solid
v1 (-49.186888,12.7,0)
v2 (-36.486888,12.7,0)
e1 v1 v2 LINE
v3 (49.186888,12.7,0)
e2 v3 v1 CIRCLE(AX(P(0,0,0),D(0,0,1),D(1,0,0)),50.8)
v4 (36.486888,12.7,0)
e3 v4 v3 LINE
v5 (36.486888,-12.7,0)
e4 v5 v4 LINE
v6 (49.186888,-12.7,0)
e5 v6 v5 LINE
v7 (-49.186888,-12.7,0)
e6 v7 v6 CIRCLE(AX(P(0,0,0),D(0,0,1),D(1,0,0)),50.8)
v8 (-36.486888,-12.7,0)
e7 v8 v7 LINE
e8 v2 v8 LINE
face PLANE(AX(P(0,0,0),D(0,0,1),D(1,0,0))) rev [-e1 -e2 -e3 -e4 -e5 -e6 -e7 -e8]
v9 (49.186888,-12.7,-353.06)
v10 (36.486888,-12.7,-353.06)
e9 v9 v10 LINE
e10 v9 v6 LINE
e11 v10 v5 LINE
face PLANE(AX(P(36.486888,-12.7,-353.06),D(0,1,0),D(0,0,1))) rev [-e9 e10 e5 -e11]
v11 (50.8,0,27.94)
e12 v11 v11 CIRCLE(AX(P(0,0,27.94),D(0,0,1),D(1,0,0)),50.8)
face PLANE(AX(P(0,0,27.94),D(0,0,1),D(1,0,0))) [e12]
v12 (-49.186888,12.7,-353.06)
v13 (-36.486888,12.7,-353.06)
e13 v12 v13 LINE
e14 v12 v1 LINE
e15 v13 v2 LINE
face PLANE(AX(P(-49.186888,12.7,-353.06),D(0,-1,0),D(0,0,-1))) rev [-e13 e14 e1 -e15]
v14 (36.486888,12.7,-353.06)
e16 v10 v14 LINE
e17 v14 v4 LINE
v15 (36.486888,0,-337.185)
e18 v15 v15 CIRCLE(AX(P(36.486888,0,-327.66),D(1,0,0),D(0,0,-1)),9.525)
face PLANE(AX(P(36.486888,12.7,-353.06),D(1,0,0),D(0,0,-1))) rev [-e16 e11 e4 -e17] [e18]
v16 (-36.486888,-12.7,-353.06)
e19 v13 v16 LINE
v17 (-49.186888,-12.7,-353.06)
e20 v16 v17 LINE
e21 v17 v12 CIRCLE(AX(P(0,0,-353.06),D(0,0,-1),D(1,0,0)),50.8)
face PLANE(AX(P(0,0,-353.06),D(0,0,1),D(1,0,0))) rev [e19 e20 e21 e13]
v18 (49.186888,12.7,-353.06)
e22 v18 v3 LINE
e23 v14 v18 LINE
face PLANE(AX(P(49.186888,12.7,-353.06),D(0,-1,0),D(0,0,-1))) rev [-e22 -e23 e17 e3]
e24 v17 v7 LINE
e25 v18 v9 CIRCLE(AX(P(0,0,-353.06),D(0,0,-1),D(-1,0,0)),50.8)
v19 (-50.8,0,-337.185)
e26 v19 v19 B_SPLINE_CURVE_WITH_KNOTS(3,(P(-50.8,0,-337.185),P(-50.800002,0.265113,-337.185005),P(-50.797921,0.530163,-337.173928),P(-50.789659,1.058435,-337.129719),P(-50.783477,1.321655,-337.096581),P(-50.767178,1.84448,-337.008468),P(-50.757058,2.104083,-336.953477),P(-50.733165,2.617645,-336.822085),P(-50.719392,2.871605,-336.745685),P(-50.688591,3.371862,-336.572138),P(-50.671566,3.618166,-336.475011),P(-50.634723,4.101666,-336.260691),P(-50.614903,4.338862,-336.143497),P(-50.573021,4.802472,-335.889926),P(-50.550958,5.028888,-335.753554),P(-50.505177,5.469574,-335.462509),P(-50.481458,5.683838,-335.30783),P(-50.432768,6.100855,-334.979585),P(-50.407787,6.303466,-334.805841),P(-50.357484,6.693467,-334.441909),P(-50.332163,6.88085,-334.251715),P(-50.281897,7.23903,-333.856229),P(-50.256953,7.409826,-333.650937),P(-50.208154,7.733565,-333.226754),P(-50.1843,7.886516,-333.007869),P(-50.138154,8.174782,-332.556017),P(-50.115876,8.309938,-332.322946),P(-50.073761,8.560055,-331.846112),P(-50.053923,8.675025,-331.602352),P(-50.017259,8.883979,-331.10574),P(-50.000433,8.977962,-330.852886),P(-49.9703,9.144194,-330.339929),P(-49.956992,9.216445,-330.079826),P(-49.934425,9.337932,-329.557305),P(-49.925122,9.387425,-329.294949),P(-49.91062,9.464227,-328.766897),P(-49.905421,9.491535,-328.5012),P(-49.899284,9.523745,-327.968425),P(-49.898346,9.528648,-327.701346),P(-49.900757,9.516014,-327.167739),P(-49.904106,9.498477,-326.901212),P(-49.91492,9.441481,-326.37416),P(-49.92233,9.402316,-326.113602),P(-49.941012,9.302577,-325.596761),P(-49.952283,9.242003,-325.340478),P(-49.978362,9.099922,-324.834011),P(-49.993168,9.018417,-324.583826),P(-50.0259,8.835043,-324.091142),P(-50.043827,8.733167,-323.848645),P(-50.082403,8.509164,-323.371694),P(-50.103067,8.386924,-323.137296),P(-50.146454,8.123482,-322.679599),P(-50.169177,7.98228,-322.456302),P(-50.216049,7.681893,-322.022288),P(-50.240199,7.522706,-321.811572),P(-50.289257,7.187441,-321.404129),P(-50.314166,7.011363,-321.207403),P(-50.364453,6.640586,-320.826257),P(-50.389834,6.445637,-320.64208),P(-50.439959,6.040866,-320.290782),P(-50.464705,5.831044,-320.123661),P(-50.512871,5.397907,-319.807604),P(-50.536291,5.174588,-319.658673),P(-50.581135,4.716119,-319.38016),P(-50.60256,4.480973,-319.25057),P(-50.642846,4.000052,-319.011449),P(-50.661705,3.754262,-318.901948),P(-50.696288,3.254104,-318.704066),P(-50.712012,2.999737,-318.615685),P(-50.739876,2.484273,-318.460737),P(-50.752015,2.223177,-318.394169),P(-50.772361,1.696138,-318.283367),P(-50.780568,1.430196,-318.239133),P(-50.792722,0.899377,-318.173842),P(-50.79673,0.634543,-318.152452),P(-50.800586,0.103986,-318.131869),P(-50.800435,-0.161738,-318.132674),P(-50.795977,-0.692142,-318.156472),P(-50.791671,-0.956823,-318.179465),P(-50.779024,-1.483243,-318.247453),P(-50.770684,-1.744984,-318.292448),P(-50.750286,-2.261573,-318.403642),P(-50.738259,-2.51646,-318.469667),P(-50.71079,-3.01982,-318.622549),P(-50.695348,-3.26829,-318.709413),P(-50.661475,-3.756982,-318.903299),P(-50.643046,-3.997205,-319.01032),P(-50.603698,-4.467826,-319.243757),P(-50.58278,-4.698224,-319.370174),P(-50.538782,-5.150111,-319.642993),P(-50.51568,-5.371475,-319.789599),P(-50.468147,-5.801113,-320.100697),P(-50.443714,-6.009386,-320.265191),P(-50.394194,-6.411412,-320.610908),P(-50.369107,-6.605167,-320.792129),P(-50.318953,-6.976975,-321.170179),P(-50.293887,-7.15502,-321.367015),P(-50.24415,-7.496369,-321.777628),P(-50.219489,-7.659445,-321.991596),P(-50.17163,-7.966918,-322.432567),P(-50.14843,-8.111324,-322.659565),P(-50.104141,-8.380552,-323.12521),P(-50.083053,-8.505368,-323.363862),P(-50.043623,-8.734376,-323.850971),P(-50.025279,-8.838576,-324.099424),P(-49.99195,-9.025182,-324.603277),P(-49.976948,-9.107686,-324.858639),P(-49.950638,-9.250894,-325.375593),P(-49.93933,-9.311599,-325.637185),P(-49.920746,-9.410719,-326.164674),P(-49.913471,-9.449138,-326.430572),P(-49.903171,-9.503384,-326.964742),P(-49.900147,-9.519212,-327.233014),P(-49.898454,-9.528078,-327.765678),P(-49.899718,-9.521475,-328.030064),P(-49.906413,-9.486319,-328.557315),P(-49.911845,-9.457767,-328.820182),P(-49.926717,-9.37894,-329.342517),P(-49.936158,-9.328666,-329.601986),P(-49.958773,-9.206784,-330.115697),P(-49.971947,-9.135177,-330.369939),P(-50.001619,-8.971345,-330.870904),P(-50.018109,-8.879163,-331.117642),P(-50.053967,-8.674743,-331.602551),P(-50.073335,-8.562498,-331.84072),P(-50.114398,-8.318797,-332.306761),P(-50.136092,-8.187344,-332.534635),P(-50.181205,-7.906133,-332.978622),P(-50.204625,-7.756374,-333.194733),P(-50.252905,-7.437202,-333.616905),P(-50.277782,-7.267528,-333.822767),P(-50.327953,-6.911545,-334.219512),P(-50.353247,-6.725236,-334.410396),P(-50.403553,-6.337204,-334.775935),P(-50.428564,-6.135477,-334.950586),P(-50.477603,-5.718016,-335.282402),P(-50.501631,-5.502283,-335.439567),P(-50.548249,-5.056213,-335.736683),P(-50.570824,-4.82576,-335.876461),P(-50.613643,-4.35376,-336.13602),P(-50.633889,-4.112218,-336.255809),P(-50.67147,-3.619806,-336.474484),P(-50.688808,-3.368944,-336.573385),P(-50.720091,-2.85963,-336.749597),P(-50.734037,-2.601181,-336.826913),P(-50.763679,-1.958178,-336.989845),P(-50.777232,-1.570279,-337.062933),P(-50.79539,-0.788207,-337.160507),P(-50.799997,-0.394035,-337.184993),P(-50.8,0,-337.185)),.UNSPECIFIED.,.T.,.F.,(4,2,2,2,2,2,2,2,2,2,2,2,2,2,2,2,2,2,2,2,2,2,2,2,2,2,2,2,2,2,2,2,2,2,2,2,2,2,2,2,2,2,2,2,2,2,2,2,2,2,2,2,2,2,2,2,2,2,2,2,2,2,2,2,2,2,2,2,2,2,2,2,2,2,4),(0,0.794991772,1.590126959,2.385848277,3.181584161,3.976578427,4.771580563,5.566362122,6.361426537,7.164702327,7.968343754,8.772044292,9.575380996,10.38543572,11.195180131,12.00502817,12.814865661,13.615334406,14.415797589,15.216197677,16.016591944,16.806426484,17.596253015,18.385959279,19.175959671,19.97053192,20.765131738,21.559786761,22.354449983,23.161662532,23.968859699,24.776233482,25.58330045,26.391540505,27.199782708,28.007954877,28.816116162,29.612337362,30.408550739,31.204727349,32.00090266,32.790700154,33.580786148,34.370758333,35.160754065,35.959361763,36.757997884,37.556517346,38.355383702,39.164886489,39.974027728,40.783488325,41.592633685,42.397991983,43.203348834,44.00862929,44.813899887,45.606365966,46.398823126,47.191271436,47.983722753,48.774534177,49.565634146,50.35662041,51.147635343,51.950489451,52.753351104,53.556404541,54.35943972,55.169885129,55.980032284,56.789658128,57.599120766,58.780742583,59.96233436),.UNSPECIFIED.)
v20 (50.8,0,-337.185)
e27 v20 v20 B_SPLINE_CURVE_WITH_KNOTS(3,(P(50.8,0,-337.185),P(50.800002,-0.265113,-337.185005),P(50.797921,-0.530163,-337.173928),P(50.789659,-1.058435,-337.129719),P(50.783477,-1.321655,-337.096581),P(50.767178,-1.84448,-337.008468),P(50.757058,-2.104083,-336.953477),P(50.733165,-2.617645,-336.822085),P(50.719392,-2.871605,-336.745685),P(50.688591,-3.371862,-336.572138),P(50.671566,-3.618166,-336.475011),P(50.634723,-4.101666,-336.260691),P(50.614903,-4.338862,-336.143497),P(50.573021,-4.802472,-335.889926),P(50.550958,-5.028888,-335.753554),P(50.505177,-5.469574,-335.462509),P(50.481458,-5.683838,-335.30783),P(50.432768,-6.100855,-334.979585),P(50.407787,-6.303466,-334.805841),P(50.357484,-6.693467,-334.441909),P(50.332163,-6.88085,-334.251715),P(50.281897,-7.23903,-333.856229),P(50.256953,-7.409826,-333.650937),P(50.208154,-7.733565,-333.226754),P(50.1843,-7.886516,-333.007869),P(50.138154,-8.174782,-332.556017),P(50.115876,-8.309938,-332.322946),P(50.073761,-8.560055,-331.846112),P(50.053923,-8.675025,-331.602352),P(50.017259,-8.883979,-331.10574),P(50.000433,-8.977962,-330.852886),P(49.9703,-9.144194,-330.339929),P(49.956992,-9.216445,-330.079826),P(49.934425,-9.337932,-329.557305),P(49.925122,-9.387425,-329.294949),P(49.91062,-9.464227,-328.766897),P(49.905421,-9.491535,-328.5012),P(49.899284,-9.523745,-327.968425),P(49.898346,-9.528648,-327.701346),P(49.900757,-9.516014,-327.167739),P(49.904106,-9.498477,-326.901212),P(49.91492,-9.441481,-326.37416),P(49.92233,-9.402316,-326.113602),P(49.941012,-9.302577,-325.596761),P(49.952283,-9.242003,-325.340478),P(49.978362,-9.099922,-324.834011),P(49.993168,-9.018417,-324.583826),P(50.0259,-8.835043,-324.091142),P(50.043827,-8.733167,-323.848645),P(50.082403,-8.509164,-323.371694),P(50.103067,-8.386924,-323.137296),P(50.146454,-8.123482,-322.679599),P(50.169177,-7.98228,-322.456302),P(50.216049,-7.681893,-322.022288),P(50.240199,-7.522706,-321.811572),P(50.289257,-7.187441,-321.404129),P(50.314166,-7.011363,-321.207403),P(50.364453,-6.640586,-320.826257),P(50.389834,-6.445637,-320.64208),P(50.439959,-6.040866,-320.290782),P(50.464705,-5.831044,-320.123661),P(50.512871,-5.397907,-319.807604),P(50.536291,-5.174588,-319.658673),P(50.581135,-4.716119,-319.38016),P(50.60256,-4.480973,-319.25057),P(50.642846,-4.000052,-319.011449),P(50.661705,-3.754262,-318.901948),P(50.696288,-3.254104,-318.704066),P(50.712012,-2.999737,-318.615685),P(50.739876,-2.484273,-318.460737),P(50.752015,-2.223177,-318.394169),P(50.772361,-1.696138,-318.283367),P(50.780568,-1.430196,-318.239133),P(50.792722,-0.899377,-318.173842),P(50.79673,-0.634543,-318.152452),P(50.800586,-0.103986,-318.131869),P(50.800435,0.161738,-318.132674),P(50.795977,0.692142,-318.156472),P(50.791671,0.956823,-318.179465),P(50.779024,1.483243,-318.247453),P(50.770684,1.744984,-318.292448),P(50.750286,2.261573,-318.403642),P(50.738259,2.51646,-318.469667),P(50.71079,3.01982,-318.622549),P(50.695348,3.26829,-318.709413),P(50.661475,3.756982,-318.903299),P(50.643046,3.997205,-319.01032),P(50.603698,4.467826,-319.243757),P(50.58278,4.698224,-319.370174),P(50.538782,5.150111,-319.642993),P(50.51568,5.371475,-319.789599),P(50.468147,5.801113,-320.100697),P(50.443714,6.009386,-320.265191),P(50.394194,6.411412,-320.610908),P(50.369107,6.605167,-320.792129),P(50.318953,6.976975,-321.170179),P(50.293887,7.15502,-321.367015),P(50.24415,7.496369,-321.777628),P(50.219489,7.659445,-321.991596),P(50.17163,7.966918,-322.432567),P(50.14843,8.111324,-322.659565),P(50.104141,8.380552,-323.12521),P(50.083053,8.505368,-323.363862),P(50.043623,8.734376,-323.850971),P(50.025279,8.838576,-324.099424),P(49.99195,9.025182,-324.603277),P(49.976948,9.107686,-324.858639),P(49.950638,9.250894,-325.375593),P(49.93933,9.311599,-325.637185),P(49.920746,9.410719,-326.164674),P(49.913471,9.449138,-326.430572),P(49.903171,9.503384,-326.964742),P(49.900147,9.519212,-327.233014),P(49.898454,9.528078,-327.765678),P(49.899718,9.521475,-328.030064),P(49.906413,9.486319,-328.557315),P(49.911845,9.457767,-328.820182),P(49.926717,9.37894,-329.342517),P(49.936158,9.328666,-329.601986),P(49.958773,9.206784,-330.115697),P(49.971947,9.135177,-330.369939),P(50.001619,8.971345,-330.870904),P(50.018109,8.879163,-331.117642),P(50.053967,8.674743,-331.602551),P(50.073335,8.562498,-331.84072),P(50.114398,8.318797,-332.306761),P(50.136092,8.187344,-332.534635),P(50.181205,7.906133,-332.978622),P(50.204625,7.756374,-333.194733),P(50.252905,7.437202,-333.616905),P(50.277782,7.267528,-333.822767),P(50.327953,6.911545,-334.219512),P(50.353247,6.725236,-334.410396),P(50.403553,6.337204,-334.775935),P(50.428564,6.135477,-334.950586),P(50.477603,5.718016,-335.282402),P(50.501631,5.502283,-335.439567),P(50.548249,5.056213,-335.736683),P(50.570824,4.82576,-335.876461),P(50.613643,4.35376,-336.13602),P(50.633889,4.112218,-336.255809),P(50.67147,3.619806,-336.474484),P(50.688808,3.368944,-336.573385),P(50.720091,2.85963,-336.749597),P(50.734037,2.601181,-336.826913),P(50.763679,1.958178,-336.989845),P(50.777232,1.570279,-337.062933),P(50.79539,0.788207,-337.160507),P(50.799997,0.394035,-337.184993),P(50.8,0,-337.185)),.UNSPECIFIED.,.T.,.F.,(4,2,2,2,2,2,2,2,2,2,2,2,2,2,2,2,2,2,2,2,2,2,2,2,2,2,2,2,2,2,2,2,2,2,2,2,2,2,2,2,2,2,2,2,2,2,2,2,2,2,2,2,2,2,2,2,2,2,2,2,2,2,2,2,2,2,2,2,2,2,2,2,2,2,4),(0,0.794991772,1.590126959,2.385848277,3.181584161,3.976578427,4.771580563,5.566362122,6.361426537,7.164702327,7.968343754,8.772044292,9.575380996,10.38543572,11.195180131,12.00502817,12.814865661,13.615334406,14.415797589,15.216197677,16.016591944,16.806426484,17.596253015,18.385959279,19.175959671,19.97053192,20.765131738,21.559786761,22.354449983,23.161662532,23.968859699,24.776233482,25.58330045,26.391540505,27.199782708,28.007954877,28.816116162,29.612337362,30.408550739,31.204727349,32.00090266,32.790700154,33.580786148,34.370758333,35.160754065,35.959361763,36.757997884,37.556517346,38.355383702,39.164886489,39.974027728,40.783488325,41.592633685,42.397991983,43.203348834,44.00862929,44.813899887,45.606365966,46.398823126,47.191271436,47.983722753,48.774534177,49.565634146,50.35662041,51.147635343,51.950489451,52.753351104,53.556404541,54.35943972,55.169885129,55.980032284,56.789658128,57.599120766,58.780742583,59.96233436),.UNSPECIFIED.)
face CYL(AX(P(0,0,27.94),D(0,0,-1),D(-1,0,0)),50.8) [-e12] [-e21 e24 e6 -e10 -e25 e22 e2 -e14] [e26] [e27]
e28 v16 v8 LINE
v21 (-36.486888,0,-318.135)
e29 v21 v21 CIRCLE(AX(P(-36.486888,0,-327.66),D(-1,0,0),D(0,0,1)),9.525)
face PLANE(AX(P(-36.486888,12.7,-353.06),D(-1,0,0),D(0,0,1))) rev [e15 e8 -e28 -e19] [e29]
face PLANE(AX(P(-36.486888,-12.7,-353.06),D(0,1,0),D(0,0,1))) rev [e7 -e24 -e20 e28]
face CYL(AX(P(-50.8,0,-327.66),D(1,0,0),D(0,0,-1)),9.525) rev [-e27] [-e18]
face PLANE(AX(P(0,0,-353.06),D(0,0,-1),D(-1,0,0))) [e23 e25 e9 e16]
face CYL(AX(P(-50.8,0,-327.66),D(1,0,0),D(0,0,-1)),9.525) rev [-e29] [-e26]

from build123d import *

# Parameters (mm, degrees)
SKETCH1_R               = 50.8
BOSS_EXTRUDE1_DEPTH     = 27.94
BOSS_EXTRUDE2_DEPTH     = 353.06
SKETCH3_R               = 9.525
CUT_EXTRUDE1_DEPTH      = 51.8
CUT_EXTRUDE1_DEPTH_BACK = 51.8


with BuildPart() as part:
    # Sketch1 → Boss-Extrude1 (new body)
    with BuildSketch(Plane.XY):
        Circle(SKETCH1_R)
    extrude(amount=BOSS_EXTRUDE1_DEPTH)

    # Sketch2 → Boss-Extrude2 (add)
    with BuildSketch(Plane(origin=(0, 0, 0), x_dir=(-1, 0, 0), z_dir=(0, 0, -1))):
        with BuildLine():
            Line((-49.186888, 12.7), (-36.486888, 12.7))
            Line((-36.486888, 12.7), (-36.486888, -12.7))
            Line((-36.486888, -12.7), (-49.186888, -12.7))
            ThreePointArc((-49.186888, -12.7), (-50.8, 0), (-49.186888, 12.7))
        make_face()
        with BuildLine():
            Line((49.186888, 12.7), (36.486888, 12.7))
            Line((36.486888, 12.7), (36.486888, -12.7))
            Line((36.486888, -12.7), (49.186888, -12.7))
            ThreePointArc((49.186888, -12.7), (50.8, 0), (49.186888, 12.7))
        make_face()
    extrude(amount=BOSS_EXTRUDE2_DEPTH)

    # Sketch3 → Cut-Extrude1 (cut, two sides)
    with BuildSketch(Plane(origin=(0, 0, 0), x_dir=(0, 0, -1), z_dir=(1, 0, 0))) as cut_extrude1_sk:
        with Locations((327.66, 0)):
            Circle(SKETCH3_R)
    extrude(amount=CUT_EXTRUDE1_DEPTH, mode=Mode.SUBTRACT)
    extrude(cut_extrude1_sk.sketch, amount=-CUT_EXTRUDE1_DEPTH_BACK, mode=Mode.SUBTRACT)


solid = part.part
